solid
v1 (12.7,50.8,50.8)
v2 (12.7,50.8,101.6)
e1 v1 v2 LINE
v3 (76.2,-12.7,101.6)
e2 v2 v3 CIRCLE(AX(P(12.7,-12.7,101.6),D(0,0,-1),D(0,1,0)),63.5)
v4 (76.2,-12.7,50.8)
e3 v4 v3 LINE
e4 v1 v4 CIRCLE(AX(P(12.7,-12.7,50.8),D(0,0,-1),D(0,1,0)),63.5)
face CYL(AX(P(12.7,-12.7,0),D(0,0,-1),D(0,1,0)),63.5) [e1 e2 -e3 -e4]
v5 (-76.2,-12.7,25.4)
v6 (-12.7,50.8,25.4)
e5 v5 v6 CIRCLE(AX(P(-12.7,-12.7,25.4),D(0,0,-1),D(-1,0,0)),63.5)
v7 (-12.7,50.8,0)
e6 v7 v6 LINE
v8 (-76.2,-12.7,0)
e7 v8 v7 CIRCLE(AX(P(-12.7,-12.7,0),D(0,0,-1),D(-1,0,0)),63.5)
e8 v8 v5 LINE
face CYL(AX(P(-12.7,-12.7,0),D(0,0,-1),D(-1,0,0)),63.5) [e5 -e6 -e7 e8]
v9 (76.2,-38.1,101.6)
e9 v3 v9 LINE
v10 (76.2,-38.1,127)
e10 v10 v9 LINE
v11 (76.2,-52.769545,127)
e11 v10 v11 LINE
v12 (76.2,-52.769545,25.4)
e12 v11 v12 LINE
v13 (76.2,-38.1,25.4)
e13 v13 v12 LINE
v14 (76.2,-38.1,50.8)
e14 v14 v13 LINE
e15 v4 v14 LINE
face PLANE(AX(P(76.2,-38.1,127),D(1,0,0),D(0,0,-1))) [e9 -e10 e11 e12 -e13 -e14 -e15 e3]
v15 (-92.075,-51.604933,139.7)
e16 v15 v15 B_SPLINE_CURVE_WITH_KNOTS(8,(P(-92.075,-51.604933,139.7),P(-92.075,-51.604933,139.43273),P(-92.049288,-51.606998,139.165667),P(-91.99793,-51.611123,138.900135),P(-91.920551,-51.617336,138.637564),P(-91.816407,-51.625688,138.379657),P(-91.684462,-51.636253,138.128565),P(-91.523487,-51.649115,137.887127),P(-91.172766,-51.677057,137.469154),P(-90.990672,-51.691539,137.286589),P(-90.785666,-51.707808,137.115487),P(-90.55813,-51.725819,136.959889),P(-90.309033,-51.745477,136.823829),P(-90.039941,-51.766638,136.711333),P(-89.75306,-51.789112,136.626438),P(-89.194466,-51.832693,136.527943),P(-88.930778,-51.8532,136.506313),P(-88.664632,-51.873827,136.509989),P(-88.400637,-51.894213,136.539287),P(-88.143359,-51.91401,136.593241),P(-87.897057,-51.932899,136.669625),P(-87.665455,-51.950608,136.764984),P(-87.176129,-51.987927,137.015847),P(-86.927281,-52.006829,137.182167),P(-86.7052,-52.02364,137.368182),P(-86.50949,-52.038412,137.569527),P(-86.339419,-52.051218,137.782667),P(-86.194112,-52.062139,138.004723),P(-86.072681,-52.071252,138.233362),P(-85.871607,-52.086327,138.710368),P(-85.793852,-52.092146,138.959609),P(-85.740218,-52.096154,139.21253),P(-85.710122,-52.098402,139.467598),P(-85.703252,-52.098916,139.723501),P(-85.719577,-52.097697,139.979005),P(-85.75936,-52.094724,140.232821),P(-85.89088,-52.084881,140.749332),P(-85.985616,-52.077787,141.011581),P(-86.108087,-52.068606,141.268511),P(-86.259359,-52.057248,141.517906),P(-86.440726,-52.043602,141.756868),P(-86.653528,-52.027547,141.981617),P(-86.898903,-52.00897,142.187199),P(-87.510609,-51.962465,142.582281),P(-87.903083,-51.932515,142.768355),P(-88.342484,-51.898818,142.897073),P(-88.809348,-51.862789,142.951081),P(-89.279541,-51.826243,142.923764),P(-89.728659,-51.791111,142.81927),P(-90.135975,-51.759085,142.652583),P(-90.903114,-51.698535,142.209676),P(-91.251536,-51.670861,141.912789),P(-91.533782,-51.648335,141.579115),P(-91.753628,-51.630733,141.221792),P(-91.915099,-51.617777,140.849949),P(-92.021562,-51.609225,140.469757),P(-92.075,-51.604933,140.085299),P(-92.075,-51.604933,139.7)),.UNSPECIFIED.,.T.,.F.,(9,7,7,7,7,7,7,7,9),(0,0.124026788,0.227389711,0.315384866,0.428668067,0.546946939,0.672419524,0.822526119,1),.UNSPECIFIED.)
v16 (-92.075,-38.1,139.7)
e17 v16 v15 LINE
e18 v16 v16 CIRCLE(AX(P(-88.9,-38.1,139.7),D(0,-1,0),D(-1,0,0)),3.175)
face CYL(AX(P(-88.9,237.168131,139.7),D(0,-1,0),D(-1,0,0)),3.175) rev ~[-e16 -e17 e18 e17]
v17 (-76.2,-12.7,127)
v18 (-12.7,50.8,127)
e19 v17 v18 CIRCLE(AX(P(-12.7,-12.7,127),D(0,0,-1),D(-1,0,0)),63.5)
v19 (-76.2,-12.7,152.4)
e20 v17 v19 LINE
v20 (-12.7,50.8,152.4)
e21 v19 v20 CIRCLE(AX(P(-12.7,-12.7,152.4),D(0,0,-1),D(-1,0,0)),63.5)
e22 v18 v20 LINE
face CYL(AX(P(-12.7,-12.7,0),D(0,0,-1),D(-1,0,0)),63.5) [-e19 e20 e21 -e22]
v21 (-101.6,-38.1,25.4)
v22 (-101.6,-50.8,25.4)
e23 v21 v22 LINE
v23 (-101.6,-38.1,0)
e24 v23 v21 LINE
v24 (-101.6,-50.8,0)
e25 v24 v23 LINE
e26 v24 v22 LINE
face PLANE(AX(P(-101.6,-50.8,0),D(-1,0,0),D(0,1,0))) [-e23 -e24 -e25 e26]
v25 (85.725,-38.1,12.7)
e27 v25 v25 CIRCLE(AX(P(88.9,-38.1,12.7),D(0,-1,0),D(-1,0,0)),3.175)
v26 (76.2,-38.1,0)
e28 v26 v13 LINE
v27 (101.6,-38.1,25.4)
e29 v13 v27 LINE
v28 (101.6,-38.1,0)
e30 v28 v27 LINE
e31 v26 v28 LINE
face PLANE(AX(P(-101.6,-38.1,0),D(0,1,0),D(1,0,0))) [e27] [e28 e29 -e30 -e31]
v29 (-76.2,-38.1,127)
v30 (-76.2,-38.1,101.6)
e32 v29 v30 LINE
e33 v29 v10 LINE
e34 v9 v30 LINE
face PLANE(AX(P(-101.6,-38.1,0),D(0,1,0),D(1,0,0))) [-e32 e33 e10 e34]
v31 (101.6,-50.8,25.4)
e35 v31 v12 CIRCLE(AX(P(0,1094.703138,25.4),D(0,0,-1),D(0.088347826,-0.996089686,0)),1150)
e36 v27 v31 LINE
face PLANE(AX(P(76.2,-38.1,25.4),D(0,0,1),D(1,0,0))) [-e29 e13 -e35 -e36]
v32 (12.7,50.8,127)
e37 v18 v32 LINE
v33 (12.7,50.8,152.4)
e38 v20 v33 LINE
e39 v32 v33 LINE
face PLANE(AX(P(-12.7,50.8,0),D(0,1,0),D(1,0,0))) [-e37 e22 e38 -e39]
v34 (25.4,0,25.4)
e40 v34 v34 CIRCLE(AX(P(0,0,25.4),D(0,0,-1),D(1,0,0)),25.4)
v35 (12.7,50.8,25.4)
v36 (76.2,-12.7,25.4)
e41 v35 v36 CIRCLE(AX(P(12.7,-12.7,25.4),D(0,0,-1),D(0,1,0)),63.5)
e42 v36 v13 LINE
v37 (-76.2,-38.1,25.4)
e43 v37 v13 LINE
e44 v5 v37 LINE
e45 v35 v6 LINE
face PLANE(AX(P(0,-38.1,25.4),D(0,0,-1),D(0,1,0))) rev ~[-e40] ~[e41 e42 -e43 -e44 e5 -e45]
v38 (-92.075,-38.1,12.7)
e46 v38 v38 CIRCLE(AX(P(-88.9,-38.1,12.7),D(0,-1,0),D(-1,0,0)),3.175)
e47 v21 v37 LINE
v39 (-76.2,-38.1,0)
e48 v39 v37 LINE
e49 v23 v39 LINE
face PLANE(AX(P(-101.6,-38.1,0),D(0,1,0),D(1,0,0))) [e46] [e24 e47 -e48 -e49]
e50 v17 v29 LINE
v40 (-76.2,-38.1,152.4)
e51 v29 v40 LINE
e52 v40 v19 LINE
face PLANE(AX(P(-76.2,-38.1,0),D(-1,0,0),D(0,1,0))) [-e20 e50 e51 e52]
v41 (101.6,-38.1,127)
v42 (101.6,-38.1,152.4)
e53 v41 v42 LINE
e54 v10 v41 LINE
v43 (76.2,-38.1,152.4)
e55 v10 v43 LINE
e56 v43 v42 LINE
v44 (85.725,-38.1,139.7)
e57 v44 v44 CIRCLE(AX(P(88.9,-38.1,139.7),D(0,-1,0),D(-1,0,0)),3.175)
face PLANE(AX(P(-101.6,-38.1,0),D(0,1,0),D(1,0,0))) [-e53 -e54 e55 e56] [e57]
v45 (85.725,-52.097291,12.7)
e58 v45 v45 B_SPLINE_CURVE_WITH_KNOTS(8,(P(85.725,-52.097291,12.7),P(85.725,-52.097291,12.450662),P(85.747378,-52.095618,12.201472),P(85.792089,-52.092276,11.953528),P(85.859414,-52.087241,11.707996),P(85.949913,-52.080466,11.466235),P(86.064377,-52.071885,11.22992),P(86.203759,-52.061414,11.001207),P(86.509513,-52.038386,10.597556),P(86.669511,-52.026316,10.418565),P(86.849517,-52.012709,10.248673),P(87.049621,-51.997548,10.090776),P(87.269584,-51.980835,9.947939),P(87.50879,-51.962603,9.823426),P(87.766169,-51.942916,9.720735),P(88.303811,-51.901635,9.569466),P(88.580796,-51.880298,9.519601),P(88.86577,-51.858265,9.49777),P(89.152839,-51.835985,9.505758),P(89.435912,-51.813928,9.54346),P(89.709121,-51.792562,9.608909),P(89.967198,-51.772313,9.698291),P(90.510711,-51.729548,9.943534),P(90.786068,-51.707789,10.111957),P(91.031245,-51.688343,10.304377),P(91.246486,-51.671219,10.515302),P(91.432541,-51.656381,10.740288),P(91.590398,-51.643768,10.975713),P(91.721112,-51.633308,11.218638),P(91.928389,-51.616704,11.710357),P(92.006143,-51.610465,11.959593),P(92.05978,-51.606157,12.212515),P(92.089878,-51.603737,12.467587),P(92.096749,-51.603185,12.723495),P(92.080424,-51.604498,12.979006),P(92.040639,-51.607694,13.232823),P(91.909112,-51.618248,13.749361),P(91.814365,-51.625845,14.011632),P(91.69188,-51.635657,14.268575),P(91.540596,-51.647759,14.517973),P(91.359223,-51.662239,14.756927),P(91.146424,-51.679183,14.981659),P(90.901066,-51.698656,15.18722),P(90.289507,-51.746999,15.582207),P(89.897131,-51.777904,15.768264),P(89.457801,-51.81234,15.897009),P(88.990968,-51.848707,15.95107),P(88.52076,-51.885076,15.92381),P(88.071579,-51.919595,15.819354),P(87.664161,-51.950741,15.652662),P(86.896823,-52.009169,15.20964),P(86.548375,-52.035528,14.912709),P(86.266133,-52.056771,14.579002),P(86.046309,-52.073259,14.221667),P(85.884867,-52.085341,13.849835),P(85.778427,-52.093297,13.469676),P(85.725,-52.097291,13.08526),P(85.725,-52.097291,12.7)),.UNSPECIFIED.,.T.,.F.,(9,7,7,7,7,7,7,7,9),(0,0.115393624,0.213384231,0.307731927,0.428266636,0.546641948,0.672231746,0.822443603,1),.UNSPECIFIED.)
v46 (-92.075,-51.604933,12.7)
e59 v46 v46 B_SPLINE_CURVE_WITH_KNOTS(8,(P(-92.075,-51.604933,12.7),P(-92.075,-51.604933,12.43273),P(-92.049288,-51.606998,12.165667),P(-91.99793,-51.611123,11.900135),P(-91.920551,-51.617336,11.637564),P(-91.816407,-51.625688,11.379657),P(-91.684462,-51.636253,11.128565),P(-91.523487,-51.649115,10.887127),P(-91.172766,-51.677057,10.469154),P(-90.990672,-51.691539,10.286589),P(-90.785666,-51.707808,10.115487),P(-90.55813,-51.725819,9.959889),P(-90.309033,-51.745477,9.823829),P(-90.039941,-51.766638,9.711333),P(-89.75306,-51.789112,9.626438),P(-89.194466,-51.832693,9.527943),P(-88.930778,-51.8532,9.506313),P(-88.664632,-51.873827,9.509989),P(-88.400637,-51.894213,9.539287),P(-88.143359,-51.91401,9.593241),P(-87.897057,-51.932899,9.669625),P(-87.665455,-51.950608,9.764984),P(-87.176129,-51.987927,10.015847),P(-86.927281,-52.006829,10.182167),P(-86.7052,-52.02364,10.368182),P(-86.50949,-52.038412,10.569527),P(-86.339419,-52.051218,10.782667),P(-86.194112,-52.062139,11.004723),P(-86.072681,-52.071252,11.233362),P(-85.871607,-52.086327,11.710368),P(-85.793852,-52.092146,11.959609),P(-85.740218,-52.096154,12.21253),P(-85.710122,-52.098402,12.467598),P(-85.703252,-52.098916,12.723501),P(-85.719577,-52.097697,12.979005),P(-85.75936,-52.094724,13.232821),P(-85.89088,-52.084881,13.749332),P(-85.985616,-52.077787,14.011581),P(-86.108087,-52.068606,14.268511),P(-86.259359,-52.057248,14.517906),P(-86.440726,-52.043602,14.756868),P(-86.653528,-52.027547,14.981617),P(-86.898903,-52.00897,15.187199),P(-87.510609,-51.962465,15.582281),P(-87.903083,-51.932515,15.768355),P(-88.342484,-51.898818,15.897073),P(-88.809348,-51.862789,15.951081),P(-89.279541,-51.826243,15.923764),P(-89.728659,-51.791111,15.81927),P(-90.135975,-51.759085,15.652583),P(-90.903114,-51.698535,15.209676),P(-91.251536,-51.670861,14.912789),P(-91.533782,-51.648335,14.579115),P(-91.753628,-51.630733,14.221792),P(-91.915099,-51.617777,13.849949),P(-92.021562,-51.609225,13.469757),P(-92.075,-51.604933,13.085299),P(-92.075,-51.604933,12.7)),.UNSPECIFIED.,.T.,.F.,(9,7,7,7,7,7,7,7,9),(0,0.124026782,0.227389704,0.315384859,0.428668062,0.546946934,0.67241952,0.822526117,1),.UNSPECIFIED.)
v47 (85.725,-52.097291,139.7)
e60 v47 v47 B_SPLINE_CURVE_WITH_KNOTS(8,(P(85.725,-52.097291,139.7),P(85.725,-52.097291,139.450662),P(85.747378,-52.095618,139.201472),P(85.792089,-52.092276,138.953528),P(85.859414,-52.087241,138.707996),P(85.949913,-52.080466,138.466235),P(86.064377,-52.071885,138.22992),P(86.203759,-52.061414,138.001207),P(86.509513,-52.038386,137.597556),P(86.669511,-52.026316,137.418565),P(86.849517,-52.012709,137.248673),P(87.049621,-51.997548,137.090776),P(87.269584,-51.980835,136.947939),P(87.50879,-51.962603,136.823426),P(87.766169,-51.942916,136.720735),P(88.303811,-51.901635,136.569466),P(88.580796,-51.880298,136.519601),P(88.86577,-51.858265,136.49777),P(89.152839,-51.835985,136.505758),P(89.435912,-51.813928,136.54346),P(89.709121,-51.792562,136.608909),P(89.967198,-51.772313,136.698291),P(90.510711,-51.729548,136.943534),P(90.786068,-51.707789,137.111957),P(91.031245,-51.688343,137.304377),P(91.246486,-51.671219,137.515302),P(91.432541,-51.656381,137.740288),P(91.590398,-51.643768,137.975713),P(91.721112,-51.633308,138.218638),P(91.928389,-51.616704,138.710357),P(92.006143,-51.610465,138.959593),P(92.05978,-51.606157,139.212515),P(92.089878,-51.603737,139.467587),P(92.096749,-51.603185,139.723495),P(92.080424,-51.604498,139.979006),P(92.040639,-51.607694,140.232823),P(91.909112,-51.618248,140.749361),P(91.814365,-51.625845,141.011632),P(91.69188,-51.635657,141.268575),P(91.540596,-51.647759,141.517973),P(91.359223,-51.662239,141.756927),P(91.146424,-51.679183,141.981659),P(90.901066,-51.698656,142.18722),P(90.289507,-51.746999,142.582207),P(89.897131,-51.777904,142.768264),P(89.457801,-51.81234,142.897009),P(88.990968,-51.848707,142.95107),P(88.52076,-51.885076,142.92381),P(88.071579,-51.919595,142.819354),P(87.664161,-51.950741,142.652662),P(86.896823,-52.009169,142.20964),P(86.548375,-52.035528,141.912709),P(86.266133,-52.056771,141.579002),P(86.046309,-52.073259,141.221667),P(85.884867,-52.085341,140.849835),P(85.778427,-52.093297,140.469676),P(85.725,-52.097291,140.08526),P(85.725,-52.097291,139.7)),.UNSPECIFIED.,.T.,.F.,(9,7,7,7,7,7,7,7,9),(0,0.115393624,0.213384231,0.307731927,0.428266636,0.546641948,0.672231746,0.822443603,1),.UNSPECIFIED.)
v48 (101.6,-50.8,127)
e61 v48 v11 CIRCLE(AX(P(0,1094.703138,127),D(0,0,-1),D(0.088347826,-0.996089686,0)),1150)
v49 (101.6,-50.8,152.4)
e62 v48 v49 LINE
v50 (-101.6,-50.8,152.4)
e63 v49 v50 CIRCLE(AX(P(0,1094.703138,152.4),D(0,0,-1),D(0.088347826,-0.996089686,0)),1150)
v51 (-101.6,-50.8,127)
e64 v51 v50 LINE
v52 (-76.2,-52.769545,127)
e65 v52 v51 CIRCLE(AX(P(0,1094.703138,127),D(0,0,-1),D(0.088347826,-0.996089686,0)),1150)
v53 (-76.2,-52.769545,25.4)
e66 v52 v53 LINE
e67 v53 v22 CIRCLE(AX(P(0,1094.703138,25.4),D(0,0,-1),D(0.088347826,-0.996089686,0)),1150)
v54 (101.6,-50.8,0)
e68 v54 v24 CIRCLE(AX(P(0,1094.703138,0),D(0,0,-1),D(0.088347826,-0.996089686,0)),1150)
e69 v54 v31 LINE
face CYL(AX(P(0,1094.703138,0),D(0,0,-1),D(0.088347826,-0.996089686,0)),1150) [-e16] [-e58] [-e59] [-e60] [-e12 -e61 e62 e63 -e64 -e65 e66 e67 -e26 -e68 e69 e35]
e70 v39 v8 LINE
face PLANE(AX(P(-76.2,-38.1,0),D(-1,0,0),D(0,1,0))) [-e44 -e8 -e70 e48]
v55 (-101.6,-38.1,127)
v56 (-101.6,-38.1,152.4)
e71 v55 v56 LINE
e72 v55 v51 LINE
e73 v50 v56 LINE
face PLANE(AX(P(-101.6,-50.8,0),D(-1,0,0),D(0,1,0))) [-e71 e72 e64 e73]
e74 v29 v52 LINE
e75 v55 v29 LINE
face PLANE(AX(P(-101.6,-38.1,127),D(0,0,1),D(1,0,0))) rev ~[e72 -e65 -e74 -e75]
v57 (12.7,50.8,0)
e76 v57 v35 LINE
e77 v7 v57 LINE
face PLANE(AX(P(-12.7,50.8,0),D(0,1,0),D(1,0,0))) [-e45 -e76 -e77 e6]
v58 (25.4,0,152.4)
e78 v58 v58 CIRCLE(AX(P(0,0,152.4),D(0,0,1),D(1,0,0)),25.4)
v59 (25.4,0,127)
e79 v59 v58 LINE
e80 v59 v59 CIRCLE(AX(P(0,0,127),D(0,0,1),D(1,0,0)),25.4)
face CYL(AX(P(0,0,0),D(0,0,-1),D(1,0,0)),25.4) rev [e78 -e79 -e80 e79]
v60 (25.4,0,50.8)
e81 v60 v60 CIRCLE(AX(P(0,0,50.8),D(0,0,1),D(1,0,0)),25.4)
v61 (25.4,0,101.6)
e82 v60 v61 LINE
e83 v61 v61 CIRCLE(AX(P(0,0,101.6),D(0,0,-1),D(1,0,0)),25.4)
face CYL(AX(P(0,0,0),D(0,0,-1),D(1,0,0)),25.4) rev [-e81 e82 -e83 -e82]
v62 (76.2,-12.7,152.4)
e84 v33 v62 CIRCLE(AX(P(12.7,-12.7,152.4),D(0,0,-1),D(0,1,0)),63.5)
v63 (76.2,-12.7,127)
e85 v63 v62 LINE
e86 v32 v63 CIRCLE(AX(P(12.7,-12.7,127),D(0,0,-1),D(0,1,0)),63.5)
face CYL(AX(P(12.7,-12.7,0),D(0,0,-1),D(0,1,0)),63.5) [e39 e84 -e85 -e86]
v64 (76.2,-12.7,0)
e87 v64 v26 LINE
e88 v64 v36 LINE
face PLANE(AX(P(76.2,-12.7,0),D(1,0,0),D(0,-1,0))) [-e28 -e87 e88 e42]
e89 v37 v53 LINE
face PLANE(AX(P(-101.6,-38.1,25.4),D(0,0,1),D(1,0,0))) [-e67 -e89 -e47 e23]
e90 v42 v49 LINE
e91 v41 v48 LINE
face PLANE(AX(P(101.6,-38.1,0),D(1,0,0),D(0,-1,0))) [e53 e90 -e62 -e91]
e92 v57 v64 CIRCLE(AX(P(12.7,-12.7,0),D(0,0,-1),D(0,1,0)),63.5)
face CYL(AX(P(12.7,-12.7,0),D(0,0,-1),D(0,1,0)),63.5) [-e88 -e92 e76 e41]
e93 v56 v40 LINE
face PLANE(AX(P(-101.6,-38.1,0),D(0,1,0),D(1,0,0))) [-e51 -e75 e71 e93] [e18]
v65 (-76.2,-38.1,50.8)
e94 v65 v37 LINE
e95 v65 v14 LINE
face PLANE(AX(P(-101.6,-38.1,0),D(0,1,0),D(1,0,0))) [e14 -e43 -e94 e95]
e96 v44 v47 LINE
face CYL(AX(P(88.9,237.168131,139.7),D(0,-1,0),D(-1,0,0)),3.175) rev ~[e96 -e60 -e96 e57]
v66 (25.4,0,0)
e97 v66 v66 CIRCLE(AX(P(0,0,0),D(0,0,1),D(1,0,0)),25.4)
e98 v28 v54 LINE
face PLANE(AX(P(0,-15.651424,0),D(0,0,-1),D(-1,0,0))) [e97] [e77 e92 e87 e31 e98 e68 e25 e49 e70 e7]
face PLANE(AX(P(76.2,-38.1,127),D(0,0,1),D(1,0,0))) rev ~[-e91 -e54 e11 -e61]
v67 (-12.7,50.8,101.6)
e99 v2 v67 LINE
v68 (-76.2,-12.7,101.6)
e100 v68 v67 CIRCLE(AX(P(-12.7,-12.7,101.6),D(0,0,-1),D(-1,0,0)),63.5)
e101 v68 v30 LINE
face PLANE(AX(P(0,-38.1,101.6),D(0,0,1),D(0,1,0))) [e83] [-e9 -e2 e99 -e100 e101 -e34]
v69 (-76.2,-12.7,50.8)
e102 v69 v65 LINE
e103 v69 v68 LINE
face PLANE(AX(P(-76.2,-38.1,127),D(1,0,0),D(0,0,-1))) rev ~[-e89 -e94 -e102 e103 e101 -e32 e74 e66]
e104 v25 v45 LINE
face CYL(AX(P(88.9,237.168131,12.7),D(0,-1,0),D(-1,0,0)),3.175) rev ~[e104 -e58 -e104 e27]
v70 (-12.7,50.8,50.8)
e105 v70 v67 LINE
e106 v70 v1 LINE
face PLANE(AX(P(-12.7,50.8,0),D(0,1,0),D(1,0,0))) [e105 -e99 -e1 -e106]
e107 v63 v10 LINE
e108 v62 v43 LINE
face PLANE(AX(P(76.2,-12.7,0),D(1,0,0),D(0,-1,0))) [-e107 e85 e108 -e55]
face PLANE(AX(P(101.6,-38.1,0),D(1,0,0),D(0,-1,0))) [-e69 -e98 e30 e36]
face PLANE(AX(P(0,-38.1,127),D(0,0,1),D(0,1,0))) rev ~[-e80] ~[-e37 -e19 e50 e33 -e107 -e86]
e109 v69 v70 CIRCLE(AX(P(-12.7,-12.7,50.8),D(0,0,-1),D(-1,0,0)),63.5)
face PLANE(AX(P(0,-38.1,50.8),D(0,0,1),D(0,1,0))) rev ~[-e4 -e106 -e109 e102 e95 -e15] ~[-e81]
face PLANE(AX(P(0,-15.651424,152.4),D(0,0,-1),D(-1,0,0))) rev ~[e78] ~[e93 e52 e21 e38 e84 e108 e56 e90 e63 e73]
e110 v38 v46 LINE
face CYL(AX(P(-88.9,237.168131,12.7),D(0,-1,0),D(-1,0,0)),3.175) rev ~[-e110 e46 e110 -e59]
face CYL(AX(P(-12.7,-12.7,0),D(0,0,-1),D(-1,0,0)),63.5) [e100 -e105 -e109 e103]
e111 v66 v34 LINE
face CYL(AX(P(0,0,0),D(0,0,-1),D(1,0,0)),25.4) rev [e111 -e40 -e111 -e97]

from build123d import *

# Parameters (mm, degrees)
SKETCH1_R                   = 25.4
BOSS_EXTRUDE1_DEPTH         = 152.4
SKETCH3_W                   = 25.4
SKETCH3_H                   = 88.9
CUT_EXTRUDE1_DEPTH          = 102.6
CUT_EXTRUDE1_DEPTH_BACK     = 102.6
F_1_4_0_25_DIAMETER_HOLE1_D = 6.35
SKETCH4_W                   = 25.4
SKETCH4_H                   = 101.6
CUT_EXTRUDE2_DEPTH          = 18.196861737


with BuildPart() as part:
    # Sketch1 → Boss-Extrude1 (new body)
    with BuildSketch(Plane.XY):
        with BuildLine():
            Line((-76.2, -38.1), (-76.2, -12.7))
            ThreePointArc((-76.2, -12.7), (-57.601280605, 32.201280605), (-12.7, 50.8))
            Line((-12.7, 50.8), (12.7, 50.8))
            ThreePointArc((12.7, 50.8), (57.601280605, 32.201280605), (76.2, -12.7))
            Line((76.2, -12.7), (76.2, -38.1))
            Line((76.2, -38.1), (101.6, -38.1))
            Line((101.6, -38.1), (101.6, -50.8))
            ThreePointArc((101.6, -50.8), (0, -55.296861637), (-101.6, -50.8))
            Line((-101.6, -50.8), (-101.6, -38.1))
            Line((-101.6, -38.1), (-76.2, -38.1))
        make_face()
        Circle(SKETCH1_R, mode=Mode.SUBTRACT)
    extrude(amount=BOSS_EXTRUDE1_DEPTH)

    # Sketch3 → Cut-Extrude1 (cut, two sides)
    with BuildSketch(Plane(origin=(0, 0, 0), x_dir=(0, 0, -1), z_dir=(1, 0, 0))) as cut_extrude1_sk:
        with Locations((-114.3, 6.35)):
            Rectangle(SKETCH3_W, SKETCH3_H)
        with Locations((-38.1, 6.35)):
            Rectangle(SKETCH3_W, SKETCH3_H)
    extrude(amount=CUT_EXTRUDE1_DEPTH, mode=Mode.SUBTRACT)
    extrude(cut_extrude1_sk.sketch, amount=-CUT_EXTRUDE1_DEPTH_BACK, mode=Mode.SUBTRACT)

    # 1/4 (0.25) Diameter Hole1 (through all)
    with Locations(Plane(origin=(0, -38.1, 0), x_dir=(1, 0, 0), z_dir=(0, 1, 0))):
        with Locations((-88.9, -12.7), (-88.9, -139.7), (88.9, -12.7), (88.9, -139.7)):
            Hole(F_1_4_0_25_DIAMETER_HOLE1_D / 2)

    # Sketch4 → Cut-Extrude2 (cut, through all)
    with BuildSketch(Plane(origin=(0, -38.1, 0), x_dir=(1, 0, 0), z_dir=(0, 1, 0))):
        with Locations((-88.9, -76.2)):
            Rectangle(SKETCH4_W, SKETCH4_H)
        with Locations((88.9, -76.2)):
            Rectangle(SKETCH4_W, SKETCH4_H)
    extrude(amount=-CUT_EXTRUDE2_DEPTH, mode=Mode.SUBTRACT)


solid = part.part
